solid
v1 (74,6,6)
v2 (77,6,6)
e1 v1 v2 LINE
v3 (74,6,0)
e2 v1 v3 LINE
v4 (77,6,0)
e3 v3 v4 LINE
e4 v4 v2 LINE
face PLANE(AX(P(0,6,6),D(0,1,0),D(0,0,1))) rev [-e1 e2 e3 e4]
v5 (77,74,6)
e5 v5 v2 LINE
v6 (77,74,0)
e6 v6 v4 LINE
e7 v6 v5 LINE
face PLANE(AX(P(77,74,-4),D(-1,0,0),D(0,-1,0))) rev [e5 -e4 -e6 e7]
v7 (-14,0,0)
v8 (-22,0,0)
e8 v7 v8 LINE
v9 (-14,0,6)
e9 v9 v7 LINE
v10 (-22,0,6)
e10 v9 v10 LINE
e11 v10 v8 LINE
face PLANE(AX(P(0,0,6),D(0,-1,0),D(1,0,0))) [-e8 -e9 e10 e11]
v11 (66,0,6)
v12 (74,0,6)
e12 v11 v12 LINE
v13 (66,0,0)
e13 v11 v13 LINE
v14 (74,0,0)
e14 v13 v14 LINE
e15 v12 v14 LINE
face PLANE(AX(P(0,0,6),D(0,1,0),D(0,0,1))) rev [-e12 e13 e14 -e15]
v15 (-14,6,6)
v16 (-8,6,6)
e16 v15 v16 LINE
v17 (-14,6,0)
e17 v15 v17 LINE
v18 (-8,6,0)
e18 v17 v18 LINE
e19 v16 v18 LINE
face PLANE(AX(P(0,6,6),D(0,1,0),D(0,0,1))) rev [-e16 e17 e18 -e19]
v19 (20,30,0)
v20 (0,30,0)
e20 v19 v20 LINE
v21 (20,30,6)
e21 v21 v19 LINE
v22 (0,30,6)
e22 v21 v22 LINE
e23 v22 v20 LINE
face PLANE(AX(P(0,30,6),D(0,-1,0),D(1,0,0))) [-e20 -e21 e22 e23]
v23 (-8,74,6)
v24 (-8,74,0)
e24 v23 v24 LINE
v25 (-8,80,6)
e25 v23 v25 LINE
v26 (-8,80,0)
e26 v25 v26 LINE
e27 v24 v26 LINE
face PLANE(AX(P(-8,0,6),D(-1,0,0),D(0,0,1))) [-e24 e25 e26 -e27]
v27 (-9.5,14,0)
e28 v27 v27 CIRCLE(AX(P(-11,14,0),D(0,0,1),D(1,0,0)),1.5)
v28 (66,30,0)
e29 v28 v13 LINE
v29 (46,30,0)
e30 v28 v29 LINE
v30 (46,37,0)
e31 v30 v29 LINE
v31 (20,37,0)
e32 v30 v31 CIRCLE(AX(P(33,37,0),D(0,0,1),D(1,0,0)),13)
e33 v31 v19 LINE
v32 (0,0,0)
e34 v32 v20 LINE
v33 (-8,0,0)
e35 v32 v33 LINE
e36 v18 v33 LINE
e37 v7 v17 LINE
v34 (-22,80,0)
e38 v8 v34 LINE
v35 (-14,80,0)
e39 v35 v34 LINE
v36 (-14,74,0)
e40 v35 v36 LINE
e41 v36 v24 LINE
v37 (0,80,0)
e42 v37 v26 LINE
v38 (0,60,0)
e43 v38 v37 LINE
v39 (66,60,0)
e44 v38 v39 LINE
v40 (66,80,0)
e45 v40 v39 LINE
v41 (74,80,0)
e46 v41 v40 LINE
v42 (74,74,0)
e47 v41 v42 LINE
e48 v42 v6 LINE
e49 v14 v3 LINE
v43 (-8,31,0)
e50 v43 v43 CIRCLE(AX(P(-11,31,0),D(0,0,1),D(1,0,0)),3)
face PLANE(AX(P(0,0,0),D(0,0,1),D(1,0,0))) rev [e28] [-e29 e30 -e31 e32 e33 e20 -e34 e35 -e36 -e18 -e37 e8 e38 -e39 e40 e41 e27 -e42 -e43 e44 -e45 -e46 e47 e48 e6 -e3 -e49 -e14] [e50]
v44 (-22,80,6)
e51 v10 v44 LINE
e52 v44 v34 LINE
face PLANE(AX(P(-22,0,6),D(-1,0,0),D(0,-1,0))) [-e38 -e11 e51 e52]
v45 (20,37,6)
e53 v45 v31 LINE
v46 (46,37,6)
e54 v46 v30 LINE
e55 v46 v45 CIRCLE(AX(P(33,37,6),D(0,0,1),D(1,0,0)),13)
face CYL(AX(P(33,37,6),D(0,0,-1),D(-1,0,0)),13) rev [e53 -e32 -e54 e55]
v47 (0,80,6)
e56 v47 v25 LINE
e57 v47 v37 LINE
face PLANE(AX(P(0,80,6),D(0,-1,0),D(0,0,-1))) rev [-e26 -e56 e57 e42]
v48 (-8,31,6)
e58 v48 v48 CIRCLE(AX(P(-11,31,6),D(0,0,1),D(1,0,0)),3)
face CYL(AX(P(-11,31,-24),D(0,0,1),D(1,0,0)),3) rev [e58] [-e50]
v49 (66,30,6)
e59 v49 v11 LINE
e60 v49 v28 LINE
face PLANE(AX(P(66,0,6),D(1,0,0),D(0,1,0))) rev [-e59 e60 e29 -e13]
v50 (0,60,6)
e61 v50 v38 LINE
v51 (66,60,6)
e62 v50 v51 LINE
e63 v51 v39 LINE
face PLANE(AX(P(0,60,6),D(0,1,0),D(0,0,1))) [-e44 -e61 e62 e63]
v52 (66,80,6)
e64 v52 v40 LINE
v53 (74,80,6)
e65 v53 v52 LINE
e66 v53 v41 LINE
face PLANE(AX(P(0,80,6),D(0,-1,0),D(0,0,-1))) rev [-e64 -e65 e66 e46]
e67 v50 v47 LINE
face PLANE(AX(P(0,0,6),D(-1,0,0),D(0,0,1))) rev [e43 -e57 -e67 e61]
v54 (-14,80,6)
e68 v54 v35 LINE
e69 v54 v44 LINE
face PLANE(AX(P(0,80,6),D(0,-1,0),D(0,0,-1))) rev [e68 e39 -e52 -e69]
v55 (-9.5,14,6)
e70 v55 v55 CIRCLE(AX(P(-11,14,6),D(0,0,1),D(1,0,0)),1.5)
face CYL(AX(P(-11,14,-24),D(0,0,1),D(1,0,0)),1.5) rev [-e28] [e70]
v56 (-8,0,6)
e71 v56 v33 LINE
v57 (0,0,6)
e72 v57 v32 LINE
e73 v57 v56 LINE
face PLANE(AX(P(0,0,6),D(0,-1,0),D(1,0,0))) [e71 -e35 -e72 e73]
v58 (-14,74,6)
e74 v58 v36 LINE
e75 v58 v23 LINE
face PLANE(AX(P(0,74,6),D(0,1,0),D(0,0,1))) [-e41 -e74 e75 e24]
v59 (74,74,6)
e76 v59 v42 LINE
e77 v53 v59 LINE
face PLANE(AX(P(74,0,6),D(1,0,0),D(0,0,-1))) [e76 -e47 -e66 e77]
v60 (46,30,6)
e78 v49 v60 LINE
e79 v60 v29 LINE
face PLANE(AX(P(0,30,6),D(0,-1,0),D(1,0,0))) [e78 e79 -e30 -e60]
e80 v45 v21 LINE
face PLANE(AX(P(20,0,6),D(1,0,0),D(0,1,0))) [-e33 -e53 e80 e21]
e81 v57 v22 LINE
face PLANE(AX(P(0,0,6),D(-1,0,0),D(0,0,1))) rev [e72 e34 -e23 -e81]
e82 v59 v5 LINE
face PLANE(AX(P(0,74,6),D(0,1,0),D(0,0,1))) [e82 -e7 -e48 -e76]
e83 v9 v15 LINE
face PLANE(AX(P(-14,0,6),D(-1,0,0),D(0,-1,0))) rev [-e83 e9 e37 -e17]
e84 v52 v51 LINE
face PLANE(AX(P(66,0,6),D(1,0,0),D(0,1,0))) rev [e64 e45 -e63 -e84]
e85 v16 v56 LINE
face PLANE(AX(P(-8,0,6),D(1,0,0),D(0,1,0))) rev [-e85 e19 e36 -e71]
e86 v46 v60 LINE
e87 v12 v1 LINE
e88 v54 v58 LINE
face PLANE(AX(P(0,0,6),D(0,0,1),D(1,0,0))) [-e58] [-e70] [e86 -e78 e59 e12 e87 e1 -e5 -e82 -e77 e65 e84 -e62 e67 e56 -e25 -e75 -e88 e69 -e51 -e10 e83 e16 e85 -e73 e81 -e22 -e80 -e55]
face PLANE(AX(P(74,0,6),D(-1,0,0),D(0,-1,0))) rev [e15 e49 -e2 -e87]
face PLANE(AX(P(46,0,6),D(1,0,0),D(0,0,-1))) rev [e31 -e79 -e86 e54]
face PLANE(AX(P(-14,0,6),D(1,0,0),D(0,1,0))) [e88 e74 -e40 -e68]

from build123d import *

# Parameters (mm, degrees)
BOSS_EXTRU_1_DEPTH      = 6
ESQUISSE2_R             = 3
ESQUISSE2_R_2           = 1.5
ENL_V_MAT_EXTRU_1_DEPTH = 30
ENL_V_MAT_EXTRU_3_DEPTH = 10


with BuildPart() as part:
    # Esquisse1 → Boss.-Extru.1 (new body)
    with BuildSketch(Plane.XY):
        with BuildLine():
            Line((-14, 74), (-14, 80))
            Line((-14, 80), (-22, 80))
            Line((-22, 80), (-22, 0))
            Line((-22, 0), (-14, 0))
            Line((-14, 0), (-14, 6))
            Line((-14, 6), (-8, 6))
            Line((-8, 6), (-8, 0))
            Line((-8, 0), (0, 0))
            Line((0, 0), (0, 30))
            Line((0, 30), (20, 30))
            Line((20, 30), (20, 37))
            ThreePointArc((20, 37), (33, 50), (46, 37))
            Line((46, 37), (46, 30))
            Line((46, 30), (66, 30))
            Line((66, 30), (66, 0))
            Line((66, 0), (74, 0))
            Line((74, 0), (74, 6))
            Line((74, 6), (80, 6))
            Line((80, 6), (80, 0))
            Line((80, 0), (88, 0))
            Line((88, 0), (88, 80))
            Line((88, 80), (80, 80))
            Line((80, 80), (80, 74))
            Line((80, 74), (74, 74))
            Line((74, 74), (74, 80))
            Line((74, 80), (66, 80))
            Line((66, 80), (66, 60))
            Line((66, 60), (0, 60))
            Line((0, 60), (0, 80))
            Line((0, 80), (-8, 80))
            Line((-8, 80), (-8, 74))
            Line((-8, 74), (-14, 74))
        make_face()
    extrude(amount=BOSS_EXTRU_1_DEPTH)

    # Esquisse2 → Enlèv. mat.-Extru.1 (cut)
    with BuildSketch(Plane.XY.offset(6)):
        with Locations((-11, 31)):
            Circle(ESQUISSE2_R)
        with Locations((-11, 14)):
            Circle(ESQUISSE2_R_2)
    extrude(amount=-ENL_V_MAT_EXTRU_1_DEPTH, mode=Mode.SUBTRACT)

    # Esquisse5 → Enlèv. mat.-Extru.3 (cut)
    with BuildSketch(Plane.XY.offset(6)):
        Polygon((77, 74), (77, 6), (80, 6), (80, 0), (88, 0), (88, 80), (80, 80), (80, 74), align=None)
    extrude(amount=-ENL_V_MAT_EXTRU_3_DEPTH, mode=Mode.SUBTRACT)


solid = part.part
